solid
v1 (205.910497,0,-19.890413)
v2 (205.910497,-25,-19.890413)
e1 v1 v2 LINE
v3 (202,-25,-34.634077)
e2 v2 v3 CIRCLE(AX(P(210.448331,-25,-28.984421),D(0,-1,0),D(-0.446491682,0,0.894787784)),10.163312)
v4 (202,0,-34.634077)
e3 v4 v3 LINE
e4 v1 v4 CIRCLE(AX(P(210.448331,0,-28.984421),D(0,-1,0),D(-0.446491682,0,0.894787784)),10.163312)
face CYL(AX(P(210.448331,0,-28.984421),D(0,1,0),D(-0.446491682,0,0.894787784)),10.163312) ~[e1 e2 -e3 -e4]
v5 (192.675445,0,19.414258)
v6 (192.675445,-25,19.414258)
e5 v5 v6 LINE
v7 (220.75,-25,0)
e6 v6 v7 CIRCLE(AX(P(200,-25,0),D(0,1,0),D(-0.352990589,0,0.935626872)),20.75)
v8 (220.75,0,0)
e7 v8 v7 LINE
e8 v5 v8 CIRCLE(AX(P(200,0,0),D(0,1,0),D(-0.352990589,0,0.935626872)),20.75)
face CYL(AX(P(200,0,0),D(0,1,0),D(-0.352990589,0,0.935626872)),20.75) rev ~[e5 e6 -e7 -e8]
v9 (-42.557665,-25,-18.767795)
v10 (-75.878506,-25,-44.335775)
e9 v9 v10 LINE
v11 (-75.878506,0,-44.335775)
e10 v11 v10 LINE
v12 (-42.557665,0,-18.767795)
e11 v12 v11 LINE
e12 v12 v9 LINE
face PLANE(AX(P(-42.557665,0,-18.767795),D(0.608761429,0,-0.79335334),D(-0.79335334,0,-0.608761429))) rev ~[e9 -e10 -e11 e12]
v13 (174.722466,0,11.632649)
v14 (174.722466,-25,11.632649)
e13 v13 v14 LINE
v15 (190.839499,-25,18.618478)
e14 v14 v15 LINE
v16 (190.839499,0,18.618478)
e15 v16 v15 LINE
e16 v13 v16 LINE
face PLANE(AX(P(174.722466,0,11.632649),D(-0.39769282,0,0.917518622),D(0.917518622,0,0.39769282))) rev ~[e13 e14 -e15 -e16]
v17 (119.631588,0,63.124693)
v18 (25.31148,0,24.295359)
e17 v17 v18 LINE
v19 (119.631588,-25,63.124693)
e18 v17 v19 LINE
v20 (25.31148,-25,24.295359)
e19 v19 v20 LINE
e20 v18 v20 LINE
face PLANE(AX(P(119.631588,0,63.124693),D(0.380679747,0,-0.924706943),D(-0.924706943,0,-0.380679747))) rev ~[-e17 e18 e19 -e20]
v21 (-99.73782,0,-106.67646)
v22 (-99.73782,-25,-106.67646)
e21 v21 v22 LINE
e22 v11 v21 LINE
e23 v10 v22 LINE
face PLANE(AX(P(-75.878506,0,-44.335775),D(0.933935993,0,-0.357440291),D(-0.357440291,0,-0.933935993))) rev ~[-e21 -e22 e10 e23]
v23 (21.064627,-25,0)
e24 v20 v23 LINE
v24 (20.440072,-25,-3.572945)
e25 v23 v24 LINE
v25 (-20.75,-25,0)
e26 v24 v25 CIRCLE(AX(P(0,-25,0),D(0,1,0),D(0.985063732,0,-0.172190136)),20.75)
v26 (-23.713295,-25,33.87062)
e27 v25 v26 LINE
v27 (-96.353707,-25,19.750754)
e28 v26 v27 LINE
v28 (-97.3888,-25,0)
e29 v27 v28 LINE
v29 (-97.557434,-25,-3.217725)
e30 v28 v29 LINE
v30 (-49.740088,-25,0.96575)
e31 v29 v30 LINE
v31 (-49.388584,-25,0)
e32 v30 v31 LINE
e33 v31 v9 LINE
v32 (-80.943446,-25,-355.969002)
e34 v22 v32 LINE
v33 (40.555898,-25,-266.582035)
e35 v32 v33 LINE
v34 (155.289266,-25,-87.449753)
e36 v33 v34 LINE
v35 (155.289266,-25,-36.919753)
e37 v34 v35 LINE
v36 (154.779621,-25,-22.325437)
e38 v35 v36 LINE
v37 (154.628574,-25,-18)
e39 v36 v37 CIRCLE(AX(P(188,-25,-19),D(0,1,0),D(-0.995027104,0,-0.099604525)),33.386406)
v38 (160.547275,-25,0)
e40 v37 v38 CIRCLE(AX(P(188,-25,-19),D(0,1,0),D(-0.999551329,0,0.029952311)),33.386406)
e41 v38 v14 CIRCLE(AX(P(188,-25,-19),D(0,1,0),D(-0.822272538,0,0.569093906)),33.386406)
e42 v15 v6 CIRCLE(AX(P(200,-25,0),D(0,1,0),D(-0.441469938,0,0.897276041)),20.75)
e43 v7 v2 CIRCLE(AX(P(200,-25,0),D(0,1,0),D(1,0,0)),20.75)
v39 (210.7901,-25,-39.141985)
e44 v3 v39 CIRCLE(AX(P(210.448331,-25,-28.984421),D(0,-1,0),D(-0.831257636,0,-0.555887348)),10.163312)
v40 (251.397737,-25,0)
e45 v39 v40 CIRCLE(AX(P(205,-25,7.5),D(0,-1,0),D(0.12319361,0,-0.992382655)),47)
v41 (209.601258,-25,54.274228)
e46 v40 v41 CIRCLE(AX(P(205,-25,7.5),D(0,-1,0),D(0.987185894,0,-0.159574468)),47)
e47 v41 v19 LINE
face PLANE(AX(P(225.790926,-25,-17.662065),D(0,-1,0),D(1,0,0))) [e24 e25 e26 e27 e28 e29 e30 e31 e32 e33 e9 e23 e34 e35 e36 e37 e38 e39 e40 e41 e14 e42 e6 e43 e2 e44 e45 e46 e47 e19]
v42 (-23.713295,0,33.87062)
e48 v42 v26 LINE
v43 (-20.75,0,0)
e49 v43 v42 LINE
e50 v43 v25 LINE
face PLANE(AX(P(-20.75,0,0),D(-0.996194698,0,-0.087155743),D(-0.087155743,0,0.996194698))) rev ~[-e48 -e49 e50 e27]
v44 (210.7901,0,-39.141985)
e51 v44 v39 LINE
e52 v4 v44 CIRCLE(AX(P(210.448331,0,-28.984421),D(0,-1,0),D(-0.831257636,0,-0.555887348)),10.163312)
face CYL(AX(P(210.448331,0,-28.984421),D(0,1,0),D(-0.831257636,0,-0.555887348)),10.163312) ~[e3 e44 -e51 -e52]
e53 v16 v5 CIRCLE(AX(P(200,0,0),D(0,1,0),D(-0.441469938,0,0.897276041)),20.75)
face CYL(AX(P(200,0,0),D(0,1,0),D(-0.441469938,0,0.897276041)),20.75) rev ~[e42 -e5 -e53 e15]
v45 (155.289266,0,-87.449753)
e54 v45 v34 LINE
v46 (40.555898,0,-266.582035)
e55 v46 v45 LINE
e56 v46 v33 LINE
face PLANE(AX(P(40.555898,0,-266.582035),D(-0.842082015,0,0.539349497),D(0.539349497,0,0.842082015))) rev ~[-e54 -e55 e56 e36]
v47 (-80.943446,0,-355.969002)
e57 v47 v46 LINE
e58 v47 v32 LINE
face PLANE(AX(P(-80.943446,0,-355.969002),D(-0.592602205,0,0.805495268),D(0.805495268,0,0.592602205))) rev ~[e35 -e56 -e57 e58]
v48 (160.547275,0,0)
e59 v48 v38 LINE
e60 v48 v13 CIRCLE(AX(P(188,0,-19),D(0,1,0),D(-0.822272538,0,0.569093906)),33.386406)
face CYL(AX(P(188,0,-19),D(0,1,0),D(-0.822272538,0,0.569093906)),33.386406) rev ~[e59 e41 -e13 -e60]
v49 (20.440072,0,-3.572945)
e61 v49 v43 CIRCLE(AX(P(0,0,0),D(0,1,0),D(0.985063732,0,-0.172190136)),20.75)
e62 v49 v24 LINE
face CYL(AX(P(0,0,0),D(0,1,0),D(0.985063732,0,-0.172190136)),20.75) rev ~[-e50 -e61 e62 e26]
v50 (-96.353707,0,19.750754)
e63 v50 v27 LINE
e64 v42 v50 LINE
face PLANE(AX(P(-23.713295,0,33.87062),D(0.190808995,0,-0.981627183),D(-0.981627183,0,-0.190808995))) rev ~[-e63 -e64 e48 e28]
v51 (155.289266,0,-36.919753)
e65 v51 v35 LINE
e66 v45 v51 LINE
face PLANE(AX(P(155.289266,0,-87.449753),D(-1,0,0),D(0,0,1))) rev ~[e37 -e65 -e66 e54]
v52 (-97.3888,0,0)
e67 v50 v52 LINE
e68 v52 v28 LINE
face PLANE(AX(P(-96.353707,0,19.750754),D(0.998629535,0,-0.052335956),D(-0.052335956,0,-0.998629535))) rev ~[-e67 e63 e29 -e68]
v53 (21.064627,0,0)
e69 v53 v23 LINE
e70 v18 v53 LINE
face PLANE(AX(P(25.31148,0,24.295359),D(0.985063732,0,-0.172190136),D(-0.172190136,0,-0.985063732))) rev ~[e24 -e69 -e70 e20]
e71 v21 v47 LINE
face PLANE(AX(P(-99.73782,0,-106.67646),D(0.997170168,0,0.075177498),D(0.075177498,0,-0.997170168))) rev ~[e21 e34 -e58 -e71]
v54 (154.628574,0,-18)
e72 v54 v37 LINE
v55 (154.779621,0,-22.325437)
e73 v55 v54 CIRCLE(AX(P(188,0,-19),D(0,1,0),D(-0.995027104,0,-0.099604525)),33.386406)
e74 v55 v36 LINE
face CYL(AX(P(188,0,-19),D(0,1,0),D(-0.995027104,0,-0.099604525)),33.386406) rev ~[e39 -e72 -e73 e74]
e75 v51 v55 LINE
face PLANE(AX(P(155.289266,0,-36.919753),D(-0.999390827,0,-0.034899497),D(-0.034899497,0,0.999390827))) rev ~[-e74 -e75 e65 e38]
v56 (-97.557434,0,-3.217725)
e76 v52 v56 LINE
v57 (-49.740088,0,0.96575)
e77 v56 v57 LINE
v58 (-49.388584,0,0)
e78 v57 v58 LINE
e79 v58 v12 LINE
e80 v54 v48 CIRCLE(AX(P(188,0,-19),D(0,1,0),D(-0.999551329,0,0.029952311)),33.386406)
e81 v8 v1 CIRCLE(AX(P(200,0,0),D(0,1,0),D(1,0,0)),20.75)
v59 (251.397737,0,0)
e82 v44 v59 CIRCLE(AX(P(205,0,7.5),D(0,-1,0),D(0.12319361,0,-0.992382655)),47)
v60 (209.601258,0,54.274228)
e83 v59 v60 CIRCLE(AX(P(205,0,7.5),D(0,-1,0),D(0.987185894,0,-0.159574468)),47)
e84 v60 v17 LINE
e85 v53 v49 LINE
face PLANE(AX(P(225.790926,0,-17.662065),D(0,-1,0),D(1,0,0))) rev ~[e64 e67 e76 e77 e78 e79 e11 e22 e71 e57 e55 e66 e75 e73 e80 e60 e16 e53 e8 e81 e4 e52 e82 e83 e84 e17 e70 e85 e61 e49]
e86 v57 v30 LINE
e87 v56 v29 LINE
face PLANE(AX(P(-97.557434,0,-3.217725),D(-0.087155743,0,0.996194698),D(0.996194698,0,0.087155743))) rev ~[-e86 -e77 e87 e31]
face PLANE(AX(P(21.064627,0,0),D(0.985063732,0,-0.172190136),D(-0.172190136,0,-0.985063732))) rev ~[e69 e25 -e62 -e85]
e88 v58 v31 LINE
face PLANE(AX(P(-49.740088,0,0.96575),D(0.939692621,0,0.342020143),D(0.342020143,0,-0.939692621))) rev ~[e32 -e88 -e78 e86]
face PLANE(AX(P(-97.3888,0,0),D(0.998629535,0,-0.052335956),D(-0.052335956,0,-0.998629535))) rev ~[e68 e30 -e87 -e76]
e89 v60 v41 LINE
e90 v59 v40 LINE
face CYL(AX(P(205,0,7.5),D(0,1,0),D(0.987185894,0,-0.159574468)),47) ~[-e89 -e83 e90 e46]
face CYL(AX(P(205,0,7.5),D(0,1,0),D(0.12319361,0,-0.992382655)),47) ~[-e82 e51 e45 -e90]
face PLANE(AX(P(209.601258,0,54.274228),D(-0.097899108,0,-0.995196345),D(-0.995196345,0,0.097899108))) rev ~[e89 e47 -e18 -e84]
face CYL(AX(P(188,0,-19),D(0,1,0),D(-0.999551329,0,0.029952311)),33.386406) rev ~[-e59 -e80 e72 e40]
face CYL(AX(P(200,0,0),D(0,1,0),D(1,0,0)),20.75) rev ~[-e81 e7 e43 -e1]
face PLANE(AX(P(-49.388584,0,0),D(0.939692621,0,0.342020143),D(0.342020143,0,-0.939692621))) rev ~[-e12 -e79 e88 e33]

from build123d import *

# Parameters (mm, degrees)
F1_DEPTH = 25


with BuildPart() as f1:
    # F0 (on Front) → F1 (new body)
    with BuildSketch(Plane.XZ):
        with BuildLine():
            ThreePointArc((210.7900996534, -39.1419847991), (237.6177301096, -26.3390851309), (251.3977370138, 0))
            Line((251.3977370138, 0), (220.75, 0))
            ThreePointArc((220.75, 0), (216.6313755102, -12.4080557961), (205.9104965167, -19.8904130406))
            ThreePointArc((205.9104965167, -19.8904130406), (203.7307412614, -21.3576975777), (202, -23.3347639831))
            Line((202, -23.3347639831), (202, -34.6340773268))
            ThreePointArc((202, -34.6340773268), (205.8105086824, -38.0278448107), (210.7900996534, -39.1419847991))
        make_face()
        with BuildLine():
            ThreePointArc((202, -23.3347639831), (200.2850186662, -28.984420655), (202, -34.6340773268))
            Line((202, -34.6340773268), (202, -23.3347639831))
        make_face()
        with BuildLine():
            Line((25.3114801989, 24.2953589364), (21.0646269025, 0))
            Line((21.0646269025, 0), (154, 0))
            Line((154, 0), (160.5472754862, 0))
            ThreePointArc((160.5472754862, 0), (166.8205732831, 6.8086025808), (174.7224661833, 11.6326489056))
            Line((174.7224661833, 11.6326489056), (190.8394987814, 18.6184778493))
            ThreePointArc((190.8394987814, 18.6184778493), (191.7478739862, 19.038511398), (192.6754452712, 19.4142575966))
            ThreePointArc((192.6754452712, 19.4142575966), (211.8020758636, 17.0667368091), (220.75, 0))
            Line((220.75, 0), (251.3977370138, 0))
            ThreePointArc((251.3977370138, 0), (242.2377138986, 36.1766919921), (209.6012580564, 54.2742282063))
            Line((209.6012580564, 54.2742282063), (119.6315883608, 63.1246931609))
            Line((119.6315883608, 63.1246931609), (25.3114801989, 24.2953589364))
        make_face()
        with BuildLine():
            ThreePointArc((20.4400724491, -3.5729453221), (-1.7931810673, -20.6723729083), (-20.75, 0))
            Line((-20.75, 0), (-49.3885839036, 0))
            Line((-49.3885839036, 0), (-42.5576653039, -18.7677946067))
            Line((-42.5576653039, -18.7677946067), (-75.8785055961, -44.3357746251))
            Line((-75.8785055961, -44.3357746251), (-99.7378202288, -106.6764599215))
            Line((-99.7378202288, -106.6764599215), (27.7757229831, -97.0631066148))
            Line((27.7757229831, -97.0631066148), (155.289266195, -87.449753308))
            Line((155.289266195, -87.449753308), (155.289266195, -36.919753308))
            Line((155.289266195, -36.919753308), (154.7796214415, -22.3254370622))
            ThreePointArc((154.7796214415, -22.3254370622), (154.6339324313, -20.1651687544), (154.6285738509, -18))
            ThreePointArc((154.6285738509, -18), (156.2841628525, -8.5713012671), (160.5472754862, 0))
            Line((160.5472754862, 0), (154, 0))
            Line((154, 0), (21.0646269025, 0))
            Line((21.0646269025, 0), (20.4400724491, -3.5729453221))
        make_face()
        Polygon((-49.3885839036, 0), (-20.75, 0), (-23.7132952534, 33.8706197351), (-96.3537068285, 19.7507540773), (-97.3887999889, 0), (-60.7786662376, 0), (-49.7400883137, 0.9657504298), align=None)
        Polygon((-97.5574338221, -3.2177252221), (-60.7786662376, 0), (-97.3887999889, 0), align=None)
        Polygon((27.7757229831, -97.0631066148), (-99.7378202288, -106.6764599215), (-80.9434457456, -355.9690019034), (40.5558976317, -266.5820351624), align=None)
        Polygon((155.289266195, -87.449753308), (27.7757229831, -97.0631066148), (40.5558976317, -266.5820351624), align=None)
    extrude(amount=F1_DEPTH)


solid = f1.part
